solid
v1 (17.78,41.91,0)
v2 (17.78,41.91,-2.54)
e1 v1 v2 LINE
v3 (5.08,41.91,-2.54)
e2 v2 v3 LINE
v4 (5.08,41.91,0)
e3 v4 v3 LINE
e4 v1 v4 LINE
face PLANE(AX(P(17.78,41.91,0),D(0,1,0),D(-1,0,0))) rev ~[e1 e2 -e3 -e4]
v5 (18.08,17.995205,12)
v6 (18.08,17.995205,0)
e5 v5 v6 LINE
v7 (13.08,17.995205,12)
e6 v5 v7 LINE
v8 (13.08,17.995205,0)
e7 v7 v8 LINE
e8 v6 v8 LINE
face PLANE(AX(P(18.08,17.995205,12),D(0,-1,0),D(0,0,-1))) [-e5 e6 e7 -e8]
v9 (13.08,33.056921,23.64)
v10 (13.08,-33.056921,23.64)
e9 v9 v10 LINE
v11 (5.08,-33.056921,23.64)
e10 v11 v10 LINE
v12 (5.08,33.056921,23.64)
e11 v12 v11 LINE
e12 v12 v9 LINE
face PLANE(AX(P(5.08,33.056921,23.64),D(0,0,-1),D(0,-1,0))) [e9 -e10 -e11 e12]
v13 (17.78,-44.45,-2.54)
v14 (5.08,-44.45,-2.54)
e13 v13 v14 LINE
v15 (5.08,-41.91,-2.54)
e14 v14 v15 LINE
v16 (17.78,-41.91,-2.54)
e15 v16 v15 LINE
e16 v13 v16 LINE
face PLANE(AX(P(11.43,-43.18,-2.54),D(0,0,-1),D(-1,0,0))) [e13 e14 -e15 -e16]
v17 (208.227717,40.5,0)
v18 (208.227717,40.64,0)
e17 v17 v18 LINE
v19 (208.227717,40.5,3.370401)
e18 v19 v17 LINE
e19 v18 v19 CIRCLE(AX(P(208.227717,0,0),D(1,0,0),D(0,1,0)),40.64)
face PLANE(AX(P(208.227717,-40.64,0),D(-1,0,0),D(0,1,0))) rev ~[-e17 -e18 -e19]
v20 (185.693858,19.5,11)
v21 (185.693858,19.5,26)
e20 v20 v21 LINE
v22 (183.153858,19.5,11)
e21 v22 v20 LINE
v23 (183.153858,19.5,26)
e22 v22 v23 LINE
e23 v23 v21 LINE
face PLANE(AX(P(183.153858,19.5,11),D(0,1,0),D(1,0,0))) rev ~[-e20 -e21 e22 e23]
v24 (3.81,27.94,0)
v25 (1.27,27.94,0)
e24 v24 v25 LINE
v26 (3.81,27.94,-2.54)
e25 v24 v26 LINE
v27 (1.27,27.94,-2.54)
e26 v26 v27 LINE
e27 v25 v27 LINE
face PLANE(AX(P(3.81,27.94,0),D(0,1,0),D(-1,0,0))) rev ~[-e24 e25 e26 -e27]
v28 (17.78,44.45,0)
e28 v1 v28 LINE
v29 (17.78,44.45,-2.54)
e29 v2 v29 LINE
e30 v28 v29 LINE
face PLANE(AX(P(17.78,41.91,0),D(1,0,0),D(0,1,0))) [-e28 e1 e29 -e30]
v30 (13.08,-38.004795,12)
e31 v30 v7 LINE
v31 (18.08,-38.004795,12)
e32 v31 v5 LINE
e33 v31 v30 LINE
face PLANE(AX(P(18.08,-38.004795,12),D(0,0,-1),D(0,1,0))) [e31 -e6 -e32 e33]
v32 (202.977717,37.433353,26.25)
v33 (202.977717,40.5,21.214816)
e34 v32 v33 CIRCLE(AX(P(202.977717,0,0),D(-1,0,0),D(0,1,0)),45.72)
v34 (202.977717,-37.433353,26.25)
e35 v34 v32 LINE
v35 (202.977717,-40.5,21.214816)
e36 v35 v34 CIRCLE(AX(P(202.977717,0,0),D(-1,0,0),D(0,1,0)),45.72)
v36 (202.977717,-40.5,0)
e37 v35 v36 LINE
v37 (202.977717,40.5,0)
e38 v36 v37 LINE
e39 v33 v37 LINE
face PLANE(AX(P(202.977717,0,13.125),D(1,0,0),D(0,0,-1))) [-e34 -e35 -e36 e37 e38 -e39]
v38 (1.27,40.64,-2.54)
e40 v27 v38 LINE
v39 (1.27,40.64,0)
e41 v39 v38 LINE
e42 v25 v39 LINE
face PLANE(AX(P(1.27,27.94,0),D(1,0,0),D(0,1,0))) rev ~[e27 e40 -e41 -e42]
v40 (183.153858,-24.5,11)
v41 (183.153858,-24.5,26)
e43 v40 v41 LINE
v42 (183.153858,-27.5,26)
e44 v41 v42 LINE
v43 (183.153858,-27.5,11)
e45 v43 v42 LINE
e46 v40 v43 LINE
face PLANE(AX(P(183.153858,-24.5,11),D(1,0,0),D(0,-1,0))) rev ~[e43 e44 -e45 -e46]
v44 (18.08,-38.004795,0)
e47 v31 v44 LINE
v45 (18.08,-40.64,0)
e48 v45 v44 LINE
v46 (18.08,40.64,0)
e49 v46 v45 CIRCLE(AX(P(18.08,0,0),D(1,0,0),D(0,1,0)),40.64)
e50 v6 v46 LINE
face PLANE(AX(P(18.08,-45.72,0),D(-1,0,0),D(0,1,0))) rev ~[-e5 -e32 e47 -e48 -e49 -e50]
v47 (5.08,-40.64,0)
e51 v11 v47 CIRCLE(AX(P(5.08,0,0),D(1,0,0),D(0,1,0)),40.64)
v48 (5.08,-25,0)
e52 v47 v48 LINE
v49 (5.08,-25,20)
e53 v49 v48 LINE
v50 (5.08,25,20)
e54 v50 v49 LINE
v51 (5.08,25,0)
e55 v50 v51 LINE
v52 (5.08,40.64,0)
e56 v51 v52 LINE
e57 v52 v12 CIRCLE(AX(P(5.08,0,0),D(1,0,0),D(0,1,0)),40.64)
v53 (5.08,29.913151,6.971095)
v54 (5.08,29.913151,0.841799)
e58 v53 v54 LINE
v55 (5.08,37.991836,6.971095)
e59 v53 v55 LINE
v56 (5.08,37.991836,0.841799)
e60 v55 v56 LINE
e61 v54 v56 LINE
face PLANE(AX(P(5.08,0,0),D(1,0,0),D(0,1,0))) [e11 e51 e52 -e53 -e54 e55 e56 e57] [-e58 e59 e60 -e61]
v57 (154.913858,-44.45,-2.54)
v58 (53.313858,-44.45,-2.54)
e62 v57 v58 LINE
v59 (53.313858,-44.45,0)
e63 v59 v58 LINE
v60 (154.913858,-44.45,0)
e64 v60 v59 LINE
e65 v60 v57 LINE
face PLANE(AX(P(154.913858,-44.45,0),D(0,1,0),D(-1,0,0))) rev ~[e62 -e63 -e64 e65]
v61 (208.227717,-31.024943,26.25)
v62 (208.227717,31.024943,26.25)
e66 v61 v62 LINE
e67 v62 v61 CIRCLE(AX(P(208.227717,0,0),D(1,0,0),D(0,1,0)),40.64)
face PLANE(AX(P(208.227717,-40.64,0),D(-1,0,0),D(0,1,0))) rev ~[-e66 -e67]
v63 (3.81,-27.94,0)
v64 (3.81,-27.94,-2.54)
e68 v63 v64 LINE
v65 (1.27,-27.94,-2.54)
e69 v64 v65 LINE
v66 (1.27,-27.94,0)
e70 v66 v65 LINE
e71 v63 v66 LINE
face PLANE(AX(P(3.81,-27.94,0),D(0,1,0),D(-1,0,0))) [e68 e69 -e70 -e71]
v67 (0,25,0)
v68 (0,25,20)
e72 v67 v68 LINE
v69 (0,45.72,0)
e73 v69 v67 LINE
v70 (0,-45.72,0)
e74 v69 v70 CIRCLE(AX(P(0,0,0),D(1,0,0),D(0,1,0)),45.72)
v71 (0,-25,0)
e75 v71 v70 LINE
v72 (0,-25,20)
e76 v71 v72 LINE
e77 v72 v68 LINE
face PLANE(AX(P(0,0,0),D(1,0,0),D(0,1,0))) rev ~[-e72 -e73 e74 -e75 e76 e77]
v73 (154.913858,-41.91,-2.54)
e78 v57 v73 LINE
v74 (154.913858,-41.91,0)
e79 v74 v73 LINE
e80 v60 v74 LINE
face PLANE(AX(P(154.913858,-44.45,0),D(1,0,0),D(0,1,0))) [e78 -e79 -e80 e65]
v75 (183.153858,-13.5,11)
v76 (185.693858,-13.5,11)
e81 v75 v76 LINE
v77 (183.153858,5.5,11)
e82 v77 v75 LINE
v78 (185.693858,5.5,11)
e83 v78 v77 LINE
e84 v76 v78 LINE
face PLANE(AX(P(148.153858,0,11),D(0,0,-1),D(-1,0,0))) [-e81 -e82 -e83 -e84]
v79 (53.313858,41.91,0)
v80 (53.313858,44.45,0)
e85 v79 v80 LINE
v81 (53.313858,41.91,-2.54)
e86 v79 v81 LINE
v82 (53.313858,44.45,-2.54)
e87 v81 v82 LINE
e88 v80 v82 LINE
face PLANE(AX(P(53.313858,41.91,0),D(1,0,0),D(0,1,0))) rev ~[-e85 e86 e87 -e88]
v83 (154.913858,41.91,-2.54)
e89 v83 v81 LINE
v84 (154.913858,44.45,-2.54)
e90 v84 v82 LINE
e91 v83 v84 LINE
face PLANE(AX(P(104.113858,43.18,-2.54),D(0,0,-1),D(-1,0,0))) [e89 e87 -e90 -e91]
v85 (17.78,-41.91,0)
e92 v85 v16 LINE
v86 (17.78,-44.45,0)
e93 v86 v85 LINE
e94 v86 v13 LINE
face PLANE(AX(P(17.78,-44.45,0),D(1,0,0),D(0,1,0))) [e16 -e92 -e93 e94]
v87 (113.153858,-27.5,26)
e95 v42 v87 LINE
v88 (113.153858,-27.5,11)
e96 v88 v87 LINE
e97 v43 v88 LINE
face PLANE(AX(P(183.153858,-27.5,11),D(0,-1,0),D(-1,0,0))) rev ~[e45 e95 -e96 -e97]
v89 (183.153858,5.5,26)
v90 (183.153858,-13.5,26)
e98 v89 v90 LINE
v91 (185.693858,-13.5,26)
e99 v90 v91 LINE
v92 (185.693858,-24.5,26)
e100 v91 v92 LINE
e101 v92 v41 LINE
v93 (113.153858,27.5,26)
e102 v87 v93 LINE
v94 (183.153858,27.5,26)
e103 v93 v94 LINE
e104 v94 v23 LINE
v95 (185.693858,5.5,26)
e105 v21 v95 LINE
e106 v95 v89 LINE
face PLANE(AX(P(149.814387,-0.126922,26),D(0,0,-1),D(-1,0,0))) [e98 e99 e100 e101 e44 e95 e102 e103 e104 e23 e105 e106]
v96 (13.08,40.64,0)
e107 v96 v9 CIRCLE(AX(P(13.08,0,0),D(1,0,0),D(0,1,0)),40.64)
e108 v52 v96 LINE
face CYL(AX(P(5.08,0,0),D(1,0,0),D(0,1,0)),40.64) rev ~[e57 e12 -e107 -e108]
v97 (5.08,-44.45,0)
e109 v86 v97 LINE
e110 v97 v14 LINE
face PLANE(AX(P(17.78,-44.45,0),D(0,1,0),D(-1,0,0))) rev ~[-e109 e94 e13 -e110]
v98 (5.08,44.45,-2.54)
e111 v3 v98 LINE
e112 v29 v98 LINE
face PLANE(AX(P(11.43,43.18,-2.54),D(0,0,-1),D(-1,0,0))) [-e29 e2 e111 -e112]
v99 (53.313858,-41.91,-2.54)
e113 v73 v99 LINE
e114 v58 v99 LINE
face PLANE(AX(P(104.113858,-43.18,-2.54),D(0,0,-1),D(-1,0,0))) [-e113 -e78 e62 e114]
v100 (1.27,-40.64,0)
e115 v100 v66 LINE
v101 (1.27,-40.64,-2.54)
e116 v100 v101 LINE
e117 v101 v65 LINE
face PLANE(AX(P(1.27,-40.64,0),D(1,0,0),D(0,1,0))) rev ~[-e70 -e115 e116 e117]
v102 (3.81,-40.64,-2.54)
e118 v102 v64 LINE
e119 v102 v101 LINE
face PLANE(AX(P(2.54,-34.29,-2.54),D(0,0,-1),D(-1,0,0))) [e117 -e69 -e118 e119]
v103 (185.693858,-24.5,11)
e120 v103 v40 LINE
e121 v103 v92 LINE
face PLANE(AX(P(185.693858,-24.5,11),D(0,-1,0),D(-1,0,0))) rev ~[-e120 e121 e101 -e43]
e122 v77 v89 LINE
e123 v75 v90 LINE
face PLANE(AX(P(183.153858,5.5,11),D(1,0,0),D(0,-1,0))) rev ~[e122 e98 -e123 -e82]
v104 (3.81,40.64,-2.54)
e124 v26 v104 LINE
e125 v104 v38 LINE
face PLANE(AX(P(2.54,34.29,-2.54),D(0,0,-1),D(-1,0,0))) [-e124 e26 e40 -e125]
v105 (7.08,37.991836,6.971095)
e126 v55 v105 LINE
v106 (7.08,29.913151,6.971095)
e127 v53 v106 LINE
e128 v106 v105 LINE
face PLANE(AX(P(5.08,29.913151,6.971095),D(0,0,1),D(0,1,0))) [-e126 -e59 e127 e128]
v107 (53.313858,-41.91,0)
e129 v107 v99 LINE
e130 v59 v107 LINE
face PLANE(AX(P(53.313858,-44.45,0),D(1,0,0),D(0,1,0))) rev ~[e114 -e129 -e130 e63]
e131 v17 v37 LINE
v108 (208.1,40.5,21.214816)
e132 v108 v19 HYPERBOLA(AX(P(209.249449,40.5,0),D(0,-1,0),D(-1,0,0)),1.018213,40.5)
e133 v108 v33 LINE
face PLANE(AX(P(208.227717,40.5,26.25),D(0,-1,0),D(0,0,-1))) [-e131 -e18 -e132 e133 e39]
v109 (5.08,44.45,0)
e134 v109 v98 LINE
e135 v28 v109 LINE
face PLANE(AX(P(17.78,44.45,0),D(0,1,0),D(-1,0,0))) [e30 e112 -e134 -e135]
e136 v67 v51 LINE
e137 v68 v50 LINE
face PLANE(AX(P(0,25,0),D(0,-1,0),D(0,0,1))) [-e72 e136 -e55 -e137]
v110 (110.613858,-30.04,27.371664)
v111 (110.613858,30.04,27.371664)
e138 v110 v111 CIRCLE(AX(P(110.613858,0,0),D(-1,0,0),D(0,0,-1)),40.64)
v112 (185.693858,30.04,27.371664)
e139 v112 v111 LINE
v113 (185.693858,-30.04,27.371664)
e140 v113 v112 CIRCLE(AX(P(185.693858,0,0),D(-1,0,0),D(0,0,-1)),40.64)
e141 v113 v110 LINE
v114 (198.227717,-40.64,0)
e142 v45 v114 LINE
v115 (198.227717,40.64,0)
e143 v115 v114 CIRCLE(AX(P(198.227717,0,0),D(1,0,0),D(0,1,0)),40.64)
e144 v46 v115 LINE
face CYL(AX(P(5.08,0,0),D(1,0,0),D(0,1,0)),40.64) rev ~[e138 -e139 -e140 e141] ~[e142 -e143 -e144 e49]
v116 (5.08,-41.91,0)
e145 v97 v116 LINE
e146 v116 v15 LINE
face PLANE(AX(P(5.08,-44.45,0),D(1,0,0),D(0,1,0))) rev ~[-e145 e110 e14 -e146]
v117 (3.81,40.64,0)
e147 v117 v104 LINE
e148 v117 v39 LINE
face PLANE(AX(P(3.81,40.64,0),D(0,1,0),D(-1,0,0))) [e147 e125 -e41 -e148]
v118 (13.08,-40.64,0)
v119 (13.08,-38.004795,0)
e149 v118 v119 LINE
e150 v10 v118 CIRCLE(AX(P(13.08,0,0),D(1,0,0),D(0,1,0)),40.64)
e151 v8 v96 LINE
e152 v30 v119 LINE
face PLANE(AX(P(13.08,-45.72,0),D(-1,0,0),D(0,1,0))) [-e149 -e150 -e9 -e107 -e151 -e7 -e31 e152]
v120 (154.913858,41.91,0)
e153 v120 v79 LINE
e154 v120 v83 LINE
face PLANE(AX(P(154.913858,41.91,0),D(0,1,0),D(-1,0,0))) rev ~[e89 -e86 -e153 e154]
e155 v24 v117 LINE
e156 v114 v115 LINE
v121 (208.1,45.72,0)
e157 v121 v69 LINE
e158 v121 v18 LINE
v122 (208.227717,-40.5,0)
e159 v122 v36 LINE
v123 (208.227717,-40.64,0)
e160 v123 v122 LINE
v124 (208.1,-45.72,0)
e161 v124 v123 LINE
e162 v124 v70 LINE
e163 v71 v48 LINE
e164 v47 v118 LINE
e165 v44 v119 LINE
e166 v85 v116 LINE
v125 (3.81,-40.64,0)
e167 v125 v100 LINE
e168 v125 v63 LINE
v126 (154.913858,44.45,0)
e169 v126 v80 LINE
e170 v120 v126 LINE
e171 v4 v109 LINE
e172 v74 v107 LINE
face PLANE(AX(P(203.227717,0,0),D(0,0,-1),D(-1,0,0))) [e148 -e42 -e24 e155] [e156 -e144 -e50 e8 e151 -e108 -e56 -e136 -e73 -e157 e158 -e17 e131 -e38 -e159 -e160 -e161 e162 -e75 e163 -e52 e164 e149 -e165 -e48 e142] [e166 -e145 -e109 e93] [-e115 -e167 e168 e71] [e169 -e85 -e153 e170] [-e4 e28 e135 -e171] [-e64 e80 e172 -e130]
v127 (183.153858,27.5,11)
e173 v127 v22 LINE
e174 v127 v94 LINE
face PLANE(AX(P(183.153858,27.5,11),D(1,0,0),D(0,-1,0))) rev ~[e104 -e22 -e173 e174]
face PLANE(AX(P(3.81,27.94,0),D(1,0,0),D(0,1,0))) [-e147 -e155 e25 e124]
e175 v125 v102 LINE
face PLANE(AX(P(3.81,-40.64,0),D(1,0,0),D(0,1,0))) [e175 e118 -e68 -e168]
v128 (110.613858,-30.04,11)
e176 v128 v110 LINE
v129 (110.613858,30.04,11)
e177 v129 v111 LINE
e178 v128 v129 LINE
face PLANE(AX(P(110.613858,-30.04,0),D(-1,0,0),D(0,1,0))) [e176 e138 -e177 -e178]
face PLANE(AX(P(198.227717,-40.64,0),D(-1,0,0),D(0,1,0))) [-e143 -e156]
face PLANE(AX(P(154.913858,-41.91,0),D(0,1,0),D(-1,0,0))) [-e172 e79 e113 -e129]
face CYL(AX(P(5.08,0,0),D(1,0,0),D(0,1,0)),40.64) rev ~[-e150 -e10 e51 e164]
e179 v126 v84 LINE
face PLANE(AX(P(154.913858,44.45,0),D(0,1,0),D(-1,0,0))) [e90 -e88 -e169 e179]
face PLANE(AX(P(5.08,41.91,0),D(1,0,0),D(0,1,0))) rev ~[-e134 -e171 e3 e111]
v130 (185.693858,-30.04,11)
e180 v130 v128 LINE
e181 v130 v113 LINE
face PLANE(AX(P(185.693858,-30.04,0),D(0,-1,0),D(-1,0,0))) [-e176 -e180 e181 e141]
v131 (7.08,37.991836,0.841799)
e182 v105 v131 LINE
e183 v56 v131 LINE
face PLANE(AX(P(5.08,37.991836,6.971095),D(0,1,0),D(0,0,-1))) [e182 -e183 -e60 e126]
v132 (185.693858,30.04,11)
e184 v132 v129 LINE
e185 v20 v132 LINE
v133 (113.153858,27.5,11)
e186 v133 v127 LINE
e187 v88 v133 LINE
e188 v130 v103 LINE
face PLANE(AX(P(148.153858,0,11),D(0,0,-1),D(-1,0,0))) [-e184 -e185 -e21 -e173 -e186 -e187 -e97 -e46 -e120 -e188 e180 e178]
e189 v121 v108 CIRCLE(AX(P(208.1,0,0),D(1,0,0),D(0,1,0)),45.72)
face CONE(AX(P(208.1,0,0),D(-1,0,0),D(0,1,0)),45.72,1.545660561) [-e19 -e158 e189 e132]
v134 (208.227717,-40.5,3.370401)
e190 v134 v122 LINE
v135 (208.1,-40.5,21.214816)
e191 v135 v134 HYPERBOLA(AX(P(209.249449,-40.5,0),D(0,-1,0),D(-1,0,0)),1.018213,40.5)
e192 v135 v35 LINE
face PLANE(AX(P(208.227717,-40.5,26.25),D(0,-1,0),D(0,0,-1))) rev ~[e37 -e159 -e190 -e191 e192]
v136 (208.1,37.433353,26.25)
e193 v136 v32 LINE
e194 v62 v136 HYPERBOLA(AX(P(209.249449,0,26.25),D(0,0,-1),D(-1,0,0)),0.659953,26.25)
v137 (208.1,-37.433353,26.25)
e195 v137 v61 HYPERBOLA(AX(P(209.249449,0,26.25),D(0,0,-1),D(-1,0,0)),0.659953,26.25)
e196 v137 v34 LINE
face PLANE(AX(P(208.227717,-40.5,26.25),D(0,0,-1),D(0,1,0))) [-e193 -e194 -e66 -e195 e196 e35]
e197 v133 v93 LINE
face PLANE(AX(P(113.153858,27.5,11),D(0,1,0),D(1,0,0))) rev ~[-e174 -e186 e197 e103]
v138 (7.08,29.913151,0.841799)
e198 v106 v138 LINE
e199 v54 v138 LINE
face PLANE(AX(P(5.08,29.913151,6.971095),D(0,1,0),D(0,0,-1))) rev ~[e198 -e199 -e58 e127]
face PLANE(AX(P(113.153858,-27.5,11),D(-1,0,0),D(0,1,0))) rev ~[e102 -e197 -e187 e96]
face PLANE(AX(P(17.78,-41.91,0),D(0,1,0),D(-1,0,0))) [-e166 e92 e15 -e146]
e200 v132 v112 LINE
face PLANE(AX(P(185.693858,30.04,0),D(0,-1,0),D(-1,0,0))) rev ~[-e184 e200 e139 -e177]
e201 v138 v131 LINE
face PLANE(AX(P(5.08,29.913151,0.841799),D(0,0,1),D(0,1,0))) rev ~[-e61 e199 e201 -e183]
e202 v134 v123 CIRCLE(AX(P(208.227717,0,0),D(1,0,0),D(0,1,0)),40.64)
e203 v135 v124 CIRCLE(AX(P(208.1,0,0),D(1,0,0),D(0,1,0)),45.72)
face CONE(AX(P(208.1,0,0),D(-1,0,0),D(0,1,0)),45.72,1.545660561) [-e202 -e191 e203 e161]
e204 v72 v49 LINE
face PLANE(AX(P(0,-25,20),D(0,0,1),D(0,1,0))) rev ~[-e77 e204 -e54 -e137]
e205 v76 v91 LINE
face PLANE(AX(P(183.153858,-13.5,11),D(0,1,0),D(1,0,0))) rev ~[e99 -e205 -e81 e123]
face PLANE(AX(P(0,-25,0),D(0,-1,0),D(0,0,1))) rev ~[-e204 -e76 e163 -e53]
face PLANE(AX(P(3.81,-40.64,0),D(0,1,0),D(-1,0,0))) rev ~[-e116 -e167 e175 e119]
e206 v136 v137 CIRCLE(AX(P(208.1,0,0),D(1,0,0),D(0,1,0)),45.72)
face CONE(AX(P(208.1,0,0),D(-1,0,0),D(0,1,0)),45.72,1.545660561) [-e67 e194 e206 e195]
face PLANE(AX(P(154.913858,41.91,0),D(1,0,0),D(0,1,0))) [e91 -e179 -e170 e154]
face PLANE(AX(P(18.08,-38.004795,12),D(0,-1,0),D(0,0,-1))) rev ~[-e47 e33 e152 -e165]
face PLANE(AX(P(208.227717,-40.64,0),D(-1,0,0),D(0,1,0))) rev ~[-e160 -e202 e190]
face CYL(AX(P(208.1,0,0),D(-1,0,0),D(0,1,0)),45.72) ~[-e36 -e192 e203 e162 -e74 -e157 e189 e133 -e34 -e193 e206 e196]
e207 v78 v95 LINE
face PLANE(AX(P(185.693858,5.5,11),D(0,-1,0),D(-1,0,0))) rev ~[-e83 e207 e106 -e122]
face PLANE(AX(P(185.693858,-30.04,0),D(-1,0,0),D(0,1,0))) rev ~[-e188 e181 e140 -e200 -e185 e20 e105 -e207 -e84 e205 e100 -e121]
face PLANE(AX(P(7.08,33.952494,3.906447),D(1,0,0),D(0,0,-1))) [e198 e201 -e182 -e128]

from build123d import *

# Parameters (mm, degrees)
REVOLVE2_ANGLE           = 180
SKETCH5_W                = 2.54
SKETCH5_H                = 12.7
SKETCH5_W_2              = 101.6
SKETCH5_H_2              = 2.54
SKETCH5_W_3              = 12.7
BOSS_EXTRUDE1_DEPTH      = 2.54
SKETCH7_W                = 20
SKETCH7_H                = 50
CUT_EXTRUDE1_DEPTH       = 7
BOSS_EXTRUDE3_REACH      = 220.035
SKETCH8_W                = 5
SKETCH8_H                = 91.44
SKETCH9_W                = 6.129296028
SKETCH9_H                = 8.078685473
BOSS_EXTRUDE4_DEPTH      = 2
BOSS_EXTRUDE7_START      = 8
BOSS_EXTRUDE7_DEPTH      = 8
BOSS_EXTRUDE8_REACH      = 220.035
BOSS_EXTRUDE8_END_RADIUS = 40.64
SKETCH13_W               = 75.08
SKETCH13_H               = 60.08
SKETCH13_W_2             = 70
SKETCH13_H_2             = 55
SKETCH14_W               = 75.08
SKETCH14_H               = 60.08
CUT_EXTRUDE3_DEPTH       = 11
BOSS_EXTRUDE9_REACH      = 217.997
SKETCH15_W               = 70
SKETCH15_H               = 55
CUT_EXTRUDE5_DEPTH       = 15
CUT_EXTRUDE6_REACH       = 202.84
SKETCH18_W               = 12
SKETCH18_H               = 56
BOSS_EXTRUDE10_REACH     = 220.035
SKETCH23_W               = 10
SKETCH23_H               = 81.28
SKETCH24_W               = 26.25
SKETCH24_H               = 81
CUT_EXTRUDE7_DEPTH       = 5.25


with BuildPart() as part:
    # Sketch2 → Revolve2 (revolve)
    with BuildSketch(Plane.XY):
        Polygon((0, 0), (0, 40.64), (0, 45.72), (25.4, 45.72), (195.4, 45.72), (208.1, 45.72), (208.22771659, 40.64), (195.52771659, 40.64), (25.4, 40.64), (5.08, 40.64), (5.08, 0), align=None)
    revolve(axis=Axis((0, 0, 0), (1, 0, 0)), revolution_arc=REVOLVE2_ANGLE)

    # Sketch5 → Boss-Extrude1 (add)
    with BuildSketch(Plane(origin=(0, 0, 0), x_dir=(-1, 0, 0), z_dir=(0, 0, -1))):
        with Locations((-2.54, 34.29)):
            Rectangle(SKETCH5_W, SKETCH5_H)
        with Locations((-104.113858295, -43.18)):
            Rectangle(SKETCH5_W_2, SKETCH5_H_2)
        with Locations((-11.43, 43.18)):
            Rectangle(SKETCH5_W_3, SKETCH5_H_2)
        with Locations((-104.113858295, 43.18)):
            Rectangle(SKETCH5_W_2, SKETCH5_H_2)
        with Locations((-11.43, -43.18)):
            Rectangle(SKETCH5_W_3, SKETCH5_H_2)
        with Locations((-2.54, -34.29)):
            Rectangle(SKETCH5_W, SKETCH5_H)
    extrude(amount=BOSS_EXTRUDE1_DEPTH)

    # Sketch7 → Cut-Extrude1 (cut)
    with BuildSketch(Plane.ZY):
        with Locations((10, 0)):
            Rectangle(SKETCH7_W, SKETCH7_H)
    extrude(amount=-CUT_EXTRUDE1_DEPTH, mode=Mode.SUBTRACT)

    # Sketch8 → Boss-Extrude3 (add, up to next)
    with BuildSketch(Plane(origin=(0, 0, 0), x_dir=(-1, 0, 0), z_dir=(0, 0, -1)), mode=Mode.PRIVATE) as boss_extrude3_sk1:
        with Locations((-15.58, 0)):
            Rectangle(SKETCH8_W, SKETCH8_H)
    boss_extrude3_tool1 = extrude(boss_extrude3_sk1.sketch, amount=-BOSS_EXTRUDE3_REACH, mode=Mode.PRIVATE) - part.part
    add(boss_extrude3_tool1.solids().sort_by_distance((15.58, 0, 0))[0])

    # Sketch9 → Boss-Extrude4 (add)
    with BuildSketch(Plane(origin=(5.08, 0, 0), x_dir=(0, 0, -1), z_dir=(1, 0, 0))):
        with Locations((-3.906446672, 33.952493663)):
            Rectangle(SKETCH9_W, SKETCH9_H)
    extrude(amount=BOSS_EXTRUDE4_DEPTH)

    # Sketch12 → Boss-Extrude7 (add)
    with BuildSketch(Plane.ZY.offset(-13.08).offset(BOSS_EXTRUDE7_START)):
        with BuildLine():
            Line((23.64, 33.056920607), (23.64, -33.056920607))
            ThreePointArc((23.64, -33.056920607), (40.64, 0), (23.64, 33.056920607))
        make_face()
    extrude(amount=-BOSS_EXTRUDE7_DEPTH)

    # Boss-Extrude8: up to this cylinder (the profile starts inside it)
    boss_extrude8_end = Plane(origin=(148.153858, 0, 0), z_dir=(-1, 0, 0)) * Cylinder(BOSS_EXTRUDE8_END_RADIUS, 522.35, mode=Mode.PRIVATE)
    # Sketch13 → Boss-Extrude8 (add, up to the surface)
    with BuildSketch(Plane(origin=(0, 0, 0), x_dir=(-1, 0, 0), z_dir=(0, 0, -1)), mode=Mode.PRIVATE) as boss_extrude8_sk1:
        with Locations((-148.153858295, 0)):
            Rectangle(SKETCH13_W, SKETCH13_H)
        with Locations((-148.153858295, 0)):
            Rectangle(SKETCH13_W_2, SKETCH13_H_2, mode=Mode.SUBTRACT)
    boss_extrude8_tool1 = extrude(boss_extrude8_sk1.sketch, amount=-BOSS_EXTRUDE8_REACH, mode=Mode.PRIVATE) & boss_extrude8_end
    add(boss_extrude8_tool1.solids().sort_by_distance((148.153858, 29.078407, 0))[0])

    # Sketch14 → Cut-Extrude3 (cut)
    with BuildSketch(Plane(origin=(0, 0, 0), x_dir=(-1, 0, 0), z_dir=(0, 0, -1))):
        with Locations((-148.153858295, 0)):
            Rectangle(SKETCH14_W, SKETCH14_H)
    extrude(amount=-CUT_EXTRUDE3_DEPTH, mode=Mode.SUBTRACT)

    # Sketch15 → Boss-Extrude9 (add, up to next)
    with BuildSketch(Plane(origin=(0, 0, 11), x_dir=(-1, 0, 0), z_dir=(0, 0, -1)), mode=Mode.PRIVATE) as boss_extrude9_sk1:
        with Locations((-148.153858295, 0)):
            Rectangle(SKETCH15_W, SKETCH15_H)
    boss_extrude9_tool1 = extrude(boss_extrude9_sk1.sketch, amount=-BOSS_EXTRUDE9_REACH, mode=Mode.PRIVATE) - part.part
    add(boss_extrude9_tool1.solids().sort_by_distance((148.153858, 0, 11))[0])

    # Sketch17 → Cut-Extrude5 (cut)
    with BuildSketch(Plane(origin=(0, 0, 11), x_dir=(-1, 0, 0), z_dir=(0, 0, -1))):
        Polygon((-113.153858295, 27.5), (-183.153858295, 27.5), (-183.153858295, 19.5), (-185.693858295, 19.5), (-185.693858295, 5.5), (-183.153858295, 5.5), (-183.153858295, -13.5), (-185.693858295, -13.5), (-185.693858295, -24.5), (-183.153858295, -24.5), (-183.153858295, -27.5), (-113.153858295, -27.5), align=None)
    extrude(amount=-CUT_EXTRUDE5_DEPTH, mode=Mode.SUBTRACT)

    # Sketch18 → Cut-Extrude6 (cut, up to next)
    with BuildSketch(Plane(origin=(18.08, 0, 0), x_dir=(0, 0, -1), z_dir=(1, 0, 0)), mode=Mode.PRIVATE) as cut_extrude6_sk1:
        with Locations((-6, -10.004795356)):
            Rectangle(SKETCH18_W, SKETCH18_H)
    cut_extrude6_tool1 = extrude(cut_extrude6_sk1.sketch, amount=-CUT_EXTRUDE6_REACH, mode=Mode.PRIVATE) & part.part
    add(cut_extrude6_tool1.solids().sort_by_distance((18.08, -10.004795, 6))[0], mode=Mode.SUBTRACT)

    # Sketch23 → Boss-Extrude10 (add, up to next)
    with BuildSketch(Plane(origin=(0, 0, 0), x_dir=(-1, 0, 0), z_dir=(0, 0, -1)), mode=Mode.PRIVATE) as boss_extrude10_sk1:
        with Locations((-203.22771659, 0)):
            Rectangle(SKETCH23_W, SKETCH23_H)
    boss_extrude10_tool1 = extrude(boss_extrude10_sk1.sketch, amount=-BOSS_EXTRUDE10_REACH, mode=Mode.PRIVATE) - part.part
    add(boss_extrude10_tool1.solids().sort_by_distance((203.227717, 0, 0))[0])

    # Sketch24 → Cut-Extrude7 (cut)
    with BuildSketch(Plane(origin=(208.22771659, 0, 0), x_dir=(0, 0, -1), z_dir=(1, 0, 0))):
        with Locations((-13.125, 0)):
            Rectangle(SKETCH24_W, SKETCH24_H)
    extrude(amount=-CUT_EXTRUDE7_DEPTH, mode=Mode.SUBTRACT)


solid = part.part
